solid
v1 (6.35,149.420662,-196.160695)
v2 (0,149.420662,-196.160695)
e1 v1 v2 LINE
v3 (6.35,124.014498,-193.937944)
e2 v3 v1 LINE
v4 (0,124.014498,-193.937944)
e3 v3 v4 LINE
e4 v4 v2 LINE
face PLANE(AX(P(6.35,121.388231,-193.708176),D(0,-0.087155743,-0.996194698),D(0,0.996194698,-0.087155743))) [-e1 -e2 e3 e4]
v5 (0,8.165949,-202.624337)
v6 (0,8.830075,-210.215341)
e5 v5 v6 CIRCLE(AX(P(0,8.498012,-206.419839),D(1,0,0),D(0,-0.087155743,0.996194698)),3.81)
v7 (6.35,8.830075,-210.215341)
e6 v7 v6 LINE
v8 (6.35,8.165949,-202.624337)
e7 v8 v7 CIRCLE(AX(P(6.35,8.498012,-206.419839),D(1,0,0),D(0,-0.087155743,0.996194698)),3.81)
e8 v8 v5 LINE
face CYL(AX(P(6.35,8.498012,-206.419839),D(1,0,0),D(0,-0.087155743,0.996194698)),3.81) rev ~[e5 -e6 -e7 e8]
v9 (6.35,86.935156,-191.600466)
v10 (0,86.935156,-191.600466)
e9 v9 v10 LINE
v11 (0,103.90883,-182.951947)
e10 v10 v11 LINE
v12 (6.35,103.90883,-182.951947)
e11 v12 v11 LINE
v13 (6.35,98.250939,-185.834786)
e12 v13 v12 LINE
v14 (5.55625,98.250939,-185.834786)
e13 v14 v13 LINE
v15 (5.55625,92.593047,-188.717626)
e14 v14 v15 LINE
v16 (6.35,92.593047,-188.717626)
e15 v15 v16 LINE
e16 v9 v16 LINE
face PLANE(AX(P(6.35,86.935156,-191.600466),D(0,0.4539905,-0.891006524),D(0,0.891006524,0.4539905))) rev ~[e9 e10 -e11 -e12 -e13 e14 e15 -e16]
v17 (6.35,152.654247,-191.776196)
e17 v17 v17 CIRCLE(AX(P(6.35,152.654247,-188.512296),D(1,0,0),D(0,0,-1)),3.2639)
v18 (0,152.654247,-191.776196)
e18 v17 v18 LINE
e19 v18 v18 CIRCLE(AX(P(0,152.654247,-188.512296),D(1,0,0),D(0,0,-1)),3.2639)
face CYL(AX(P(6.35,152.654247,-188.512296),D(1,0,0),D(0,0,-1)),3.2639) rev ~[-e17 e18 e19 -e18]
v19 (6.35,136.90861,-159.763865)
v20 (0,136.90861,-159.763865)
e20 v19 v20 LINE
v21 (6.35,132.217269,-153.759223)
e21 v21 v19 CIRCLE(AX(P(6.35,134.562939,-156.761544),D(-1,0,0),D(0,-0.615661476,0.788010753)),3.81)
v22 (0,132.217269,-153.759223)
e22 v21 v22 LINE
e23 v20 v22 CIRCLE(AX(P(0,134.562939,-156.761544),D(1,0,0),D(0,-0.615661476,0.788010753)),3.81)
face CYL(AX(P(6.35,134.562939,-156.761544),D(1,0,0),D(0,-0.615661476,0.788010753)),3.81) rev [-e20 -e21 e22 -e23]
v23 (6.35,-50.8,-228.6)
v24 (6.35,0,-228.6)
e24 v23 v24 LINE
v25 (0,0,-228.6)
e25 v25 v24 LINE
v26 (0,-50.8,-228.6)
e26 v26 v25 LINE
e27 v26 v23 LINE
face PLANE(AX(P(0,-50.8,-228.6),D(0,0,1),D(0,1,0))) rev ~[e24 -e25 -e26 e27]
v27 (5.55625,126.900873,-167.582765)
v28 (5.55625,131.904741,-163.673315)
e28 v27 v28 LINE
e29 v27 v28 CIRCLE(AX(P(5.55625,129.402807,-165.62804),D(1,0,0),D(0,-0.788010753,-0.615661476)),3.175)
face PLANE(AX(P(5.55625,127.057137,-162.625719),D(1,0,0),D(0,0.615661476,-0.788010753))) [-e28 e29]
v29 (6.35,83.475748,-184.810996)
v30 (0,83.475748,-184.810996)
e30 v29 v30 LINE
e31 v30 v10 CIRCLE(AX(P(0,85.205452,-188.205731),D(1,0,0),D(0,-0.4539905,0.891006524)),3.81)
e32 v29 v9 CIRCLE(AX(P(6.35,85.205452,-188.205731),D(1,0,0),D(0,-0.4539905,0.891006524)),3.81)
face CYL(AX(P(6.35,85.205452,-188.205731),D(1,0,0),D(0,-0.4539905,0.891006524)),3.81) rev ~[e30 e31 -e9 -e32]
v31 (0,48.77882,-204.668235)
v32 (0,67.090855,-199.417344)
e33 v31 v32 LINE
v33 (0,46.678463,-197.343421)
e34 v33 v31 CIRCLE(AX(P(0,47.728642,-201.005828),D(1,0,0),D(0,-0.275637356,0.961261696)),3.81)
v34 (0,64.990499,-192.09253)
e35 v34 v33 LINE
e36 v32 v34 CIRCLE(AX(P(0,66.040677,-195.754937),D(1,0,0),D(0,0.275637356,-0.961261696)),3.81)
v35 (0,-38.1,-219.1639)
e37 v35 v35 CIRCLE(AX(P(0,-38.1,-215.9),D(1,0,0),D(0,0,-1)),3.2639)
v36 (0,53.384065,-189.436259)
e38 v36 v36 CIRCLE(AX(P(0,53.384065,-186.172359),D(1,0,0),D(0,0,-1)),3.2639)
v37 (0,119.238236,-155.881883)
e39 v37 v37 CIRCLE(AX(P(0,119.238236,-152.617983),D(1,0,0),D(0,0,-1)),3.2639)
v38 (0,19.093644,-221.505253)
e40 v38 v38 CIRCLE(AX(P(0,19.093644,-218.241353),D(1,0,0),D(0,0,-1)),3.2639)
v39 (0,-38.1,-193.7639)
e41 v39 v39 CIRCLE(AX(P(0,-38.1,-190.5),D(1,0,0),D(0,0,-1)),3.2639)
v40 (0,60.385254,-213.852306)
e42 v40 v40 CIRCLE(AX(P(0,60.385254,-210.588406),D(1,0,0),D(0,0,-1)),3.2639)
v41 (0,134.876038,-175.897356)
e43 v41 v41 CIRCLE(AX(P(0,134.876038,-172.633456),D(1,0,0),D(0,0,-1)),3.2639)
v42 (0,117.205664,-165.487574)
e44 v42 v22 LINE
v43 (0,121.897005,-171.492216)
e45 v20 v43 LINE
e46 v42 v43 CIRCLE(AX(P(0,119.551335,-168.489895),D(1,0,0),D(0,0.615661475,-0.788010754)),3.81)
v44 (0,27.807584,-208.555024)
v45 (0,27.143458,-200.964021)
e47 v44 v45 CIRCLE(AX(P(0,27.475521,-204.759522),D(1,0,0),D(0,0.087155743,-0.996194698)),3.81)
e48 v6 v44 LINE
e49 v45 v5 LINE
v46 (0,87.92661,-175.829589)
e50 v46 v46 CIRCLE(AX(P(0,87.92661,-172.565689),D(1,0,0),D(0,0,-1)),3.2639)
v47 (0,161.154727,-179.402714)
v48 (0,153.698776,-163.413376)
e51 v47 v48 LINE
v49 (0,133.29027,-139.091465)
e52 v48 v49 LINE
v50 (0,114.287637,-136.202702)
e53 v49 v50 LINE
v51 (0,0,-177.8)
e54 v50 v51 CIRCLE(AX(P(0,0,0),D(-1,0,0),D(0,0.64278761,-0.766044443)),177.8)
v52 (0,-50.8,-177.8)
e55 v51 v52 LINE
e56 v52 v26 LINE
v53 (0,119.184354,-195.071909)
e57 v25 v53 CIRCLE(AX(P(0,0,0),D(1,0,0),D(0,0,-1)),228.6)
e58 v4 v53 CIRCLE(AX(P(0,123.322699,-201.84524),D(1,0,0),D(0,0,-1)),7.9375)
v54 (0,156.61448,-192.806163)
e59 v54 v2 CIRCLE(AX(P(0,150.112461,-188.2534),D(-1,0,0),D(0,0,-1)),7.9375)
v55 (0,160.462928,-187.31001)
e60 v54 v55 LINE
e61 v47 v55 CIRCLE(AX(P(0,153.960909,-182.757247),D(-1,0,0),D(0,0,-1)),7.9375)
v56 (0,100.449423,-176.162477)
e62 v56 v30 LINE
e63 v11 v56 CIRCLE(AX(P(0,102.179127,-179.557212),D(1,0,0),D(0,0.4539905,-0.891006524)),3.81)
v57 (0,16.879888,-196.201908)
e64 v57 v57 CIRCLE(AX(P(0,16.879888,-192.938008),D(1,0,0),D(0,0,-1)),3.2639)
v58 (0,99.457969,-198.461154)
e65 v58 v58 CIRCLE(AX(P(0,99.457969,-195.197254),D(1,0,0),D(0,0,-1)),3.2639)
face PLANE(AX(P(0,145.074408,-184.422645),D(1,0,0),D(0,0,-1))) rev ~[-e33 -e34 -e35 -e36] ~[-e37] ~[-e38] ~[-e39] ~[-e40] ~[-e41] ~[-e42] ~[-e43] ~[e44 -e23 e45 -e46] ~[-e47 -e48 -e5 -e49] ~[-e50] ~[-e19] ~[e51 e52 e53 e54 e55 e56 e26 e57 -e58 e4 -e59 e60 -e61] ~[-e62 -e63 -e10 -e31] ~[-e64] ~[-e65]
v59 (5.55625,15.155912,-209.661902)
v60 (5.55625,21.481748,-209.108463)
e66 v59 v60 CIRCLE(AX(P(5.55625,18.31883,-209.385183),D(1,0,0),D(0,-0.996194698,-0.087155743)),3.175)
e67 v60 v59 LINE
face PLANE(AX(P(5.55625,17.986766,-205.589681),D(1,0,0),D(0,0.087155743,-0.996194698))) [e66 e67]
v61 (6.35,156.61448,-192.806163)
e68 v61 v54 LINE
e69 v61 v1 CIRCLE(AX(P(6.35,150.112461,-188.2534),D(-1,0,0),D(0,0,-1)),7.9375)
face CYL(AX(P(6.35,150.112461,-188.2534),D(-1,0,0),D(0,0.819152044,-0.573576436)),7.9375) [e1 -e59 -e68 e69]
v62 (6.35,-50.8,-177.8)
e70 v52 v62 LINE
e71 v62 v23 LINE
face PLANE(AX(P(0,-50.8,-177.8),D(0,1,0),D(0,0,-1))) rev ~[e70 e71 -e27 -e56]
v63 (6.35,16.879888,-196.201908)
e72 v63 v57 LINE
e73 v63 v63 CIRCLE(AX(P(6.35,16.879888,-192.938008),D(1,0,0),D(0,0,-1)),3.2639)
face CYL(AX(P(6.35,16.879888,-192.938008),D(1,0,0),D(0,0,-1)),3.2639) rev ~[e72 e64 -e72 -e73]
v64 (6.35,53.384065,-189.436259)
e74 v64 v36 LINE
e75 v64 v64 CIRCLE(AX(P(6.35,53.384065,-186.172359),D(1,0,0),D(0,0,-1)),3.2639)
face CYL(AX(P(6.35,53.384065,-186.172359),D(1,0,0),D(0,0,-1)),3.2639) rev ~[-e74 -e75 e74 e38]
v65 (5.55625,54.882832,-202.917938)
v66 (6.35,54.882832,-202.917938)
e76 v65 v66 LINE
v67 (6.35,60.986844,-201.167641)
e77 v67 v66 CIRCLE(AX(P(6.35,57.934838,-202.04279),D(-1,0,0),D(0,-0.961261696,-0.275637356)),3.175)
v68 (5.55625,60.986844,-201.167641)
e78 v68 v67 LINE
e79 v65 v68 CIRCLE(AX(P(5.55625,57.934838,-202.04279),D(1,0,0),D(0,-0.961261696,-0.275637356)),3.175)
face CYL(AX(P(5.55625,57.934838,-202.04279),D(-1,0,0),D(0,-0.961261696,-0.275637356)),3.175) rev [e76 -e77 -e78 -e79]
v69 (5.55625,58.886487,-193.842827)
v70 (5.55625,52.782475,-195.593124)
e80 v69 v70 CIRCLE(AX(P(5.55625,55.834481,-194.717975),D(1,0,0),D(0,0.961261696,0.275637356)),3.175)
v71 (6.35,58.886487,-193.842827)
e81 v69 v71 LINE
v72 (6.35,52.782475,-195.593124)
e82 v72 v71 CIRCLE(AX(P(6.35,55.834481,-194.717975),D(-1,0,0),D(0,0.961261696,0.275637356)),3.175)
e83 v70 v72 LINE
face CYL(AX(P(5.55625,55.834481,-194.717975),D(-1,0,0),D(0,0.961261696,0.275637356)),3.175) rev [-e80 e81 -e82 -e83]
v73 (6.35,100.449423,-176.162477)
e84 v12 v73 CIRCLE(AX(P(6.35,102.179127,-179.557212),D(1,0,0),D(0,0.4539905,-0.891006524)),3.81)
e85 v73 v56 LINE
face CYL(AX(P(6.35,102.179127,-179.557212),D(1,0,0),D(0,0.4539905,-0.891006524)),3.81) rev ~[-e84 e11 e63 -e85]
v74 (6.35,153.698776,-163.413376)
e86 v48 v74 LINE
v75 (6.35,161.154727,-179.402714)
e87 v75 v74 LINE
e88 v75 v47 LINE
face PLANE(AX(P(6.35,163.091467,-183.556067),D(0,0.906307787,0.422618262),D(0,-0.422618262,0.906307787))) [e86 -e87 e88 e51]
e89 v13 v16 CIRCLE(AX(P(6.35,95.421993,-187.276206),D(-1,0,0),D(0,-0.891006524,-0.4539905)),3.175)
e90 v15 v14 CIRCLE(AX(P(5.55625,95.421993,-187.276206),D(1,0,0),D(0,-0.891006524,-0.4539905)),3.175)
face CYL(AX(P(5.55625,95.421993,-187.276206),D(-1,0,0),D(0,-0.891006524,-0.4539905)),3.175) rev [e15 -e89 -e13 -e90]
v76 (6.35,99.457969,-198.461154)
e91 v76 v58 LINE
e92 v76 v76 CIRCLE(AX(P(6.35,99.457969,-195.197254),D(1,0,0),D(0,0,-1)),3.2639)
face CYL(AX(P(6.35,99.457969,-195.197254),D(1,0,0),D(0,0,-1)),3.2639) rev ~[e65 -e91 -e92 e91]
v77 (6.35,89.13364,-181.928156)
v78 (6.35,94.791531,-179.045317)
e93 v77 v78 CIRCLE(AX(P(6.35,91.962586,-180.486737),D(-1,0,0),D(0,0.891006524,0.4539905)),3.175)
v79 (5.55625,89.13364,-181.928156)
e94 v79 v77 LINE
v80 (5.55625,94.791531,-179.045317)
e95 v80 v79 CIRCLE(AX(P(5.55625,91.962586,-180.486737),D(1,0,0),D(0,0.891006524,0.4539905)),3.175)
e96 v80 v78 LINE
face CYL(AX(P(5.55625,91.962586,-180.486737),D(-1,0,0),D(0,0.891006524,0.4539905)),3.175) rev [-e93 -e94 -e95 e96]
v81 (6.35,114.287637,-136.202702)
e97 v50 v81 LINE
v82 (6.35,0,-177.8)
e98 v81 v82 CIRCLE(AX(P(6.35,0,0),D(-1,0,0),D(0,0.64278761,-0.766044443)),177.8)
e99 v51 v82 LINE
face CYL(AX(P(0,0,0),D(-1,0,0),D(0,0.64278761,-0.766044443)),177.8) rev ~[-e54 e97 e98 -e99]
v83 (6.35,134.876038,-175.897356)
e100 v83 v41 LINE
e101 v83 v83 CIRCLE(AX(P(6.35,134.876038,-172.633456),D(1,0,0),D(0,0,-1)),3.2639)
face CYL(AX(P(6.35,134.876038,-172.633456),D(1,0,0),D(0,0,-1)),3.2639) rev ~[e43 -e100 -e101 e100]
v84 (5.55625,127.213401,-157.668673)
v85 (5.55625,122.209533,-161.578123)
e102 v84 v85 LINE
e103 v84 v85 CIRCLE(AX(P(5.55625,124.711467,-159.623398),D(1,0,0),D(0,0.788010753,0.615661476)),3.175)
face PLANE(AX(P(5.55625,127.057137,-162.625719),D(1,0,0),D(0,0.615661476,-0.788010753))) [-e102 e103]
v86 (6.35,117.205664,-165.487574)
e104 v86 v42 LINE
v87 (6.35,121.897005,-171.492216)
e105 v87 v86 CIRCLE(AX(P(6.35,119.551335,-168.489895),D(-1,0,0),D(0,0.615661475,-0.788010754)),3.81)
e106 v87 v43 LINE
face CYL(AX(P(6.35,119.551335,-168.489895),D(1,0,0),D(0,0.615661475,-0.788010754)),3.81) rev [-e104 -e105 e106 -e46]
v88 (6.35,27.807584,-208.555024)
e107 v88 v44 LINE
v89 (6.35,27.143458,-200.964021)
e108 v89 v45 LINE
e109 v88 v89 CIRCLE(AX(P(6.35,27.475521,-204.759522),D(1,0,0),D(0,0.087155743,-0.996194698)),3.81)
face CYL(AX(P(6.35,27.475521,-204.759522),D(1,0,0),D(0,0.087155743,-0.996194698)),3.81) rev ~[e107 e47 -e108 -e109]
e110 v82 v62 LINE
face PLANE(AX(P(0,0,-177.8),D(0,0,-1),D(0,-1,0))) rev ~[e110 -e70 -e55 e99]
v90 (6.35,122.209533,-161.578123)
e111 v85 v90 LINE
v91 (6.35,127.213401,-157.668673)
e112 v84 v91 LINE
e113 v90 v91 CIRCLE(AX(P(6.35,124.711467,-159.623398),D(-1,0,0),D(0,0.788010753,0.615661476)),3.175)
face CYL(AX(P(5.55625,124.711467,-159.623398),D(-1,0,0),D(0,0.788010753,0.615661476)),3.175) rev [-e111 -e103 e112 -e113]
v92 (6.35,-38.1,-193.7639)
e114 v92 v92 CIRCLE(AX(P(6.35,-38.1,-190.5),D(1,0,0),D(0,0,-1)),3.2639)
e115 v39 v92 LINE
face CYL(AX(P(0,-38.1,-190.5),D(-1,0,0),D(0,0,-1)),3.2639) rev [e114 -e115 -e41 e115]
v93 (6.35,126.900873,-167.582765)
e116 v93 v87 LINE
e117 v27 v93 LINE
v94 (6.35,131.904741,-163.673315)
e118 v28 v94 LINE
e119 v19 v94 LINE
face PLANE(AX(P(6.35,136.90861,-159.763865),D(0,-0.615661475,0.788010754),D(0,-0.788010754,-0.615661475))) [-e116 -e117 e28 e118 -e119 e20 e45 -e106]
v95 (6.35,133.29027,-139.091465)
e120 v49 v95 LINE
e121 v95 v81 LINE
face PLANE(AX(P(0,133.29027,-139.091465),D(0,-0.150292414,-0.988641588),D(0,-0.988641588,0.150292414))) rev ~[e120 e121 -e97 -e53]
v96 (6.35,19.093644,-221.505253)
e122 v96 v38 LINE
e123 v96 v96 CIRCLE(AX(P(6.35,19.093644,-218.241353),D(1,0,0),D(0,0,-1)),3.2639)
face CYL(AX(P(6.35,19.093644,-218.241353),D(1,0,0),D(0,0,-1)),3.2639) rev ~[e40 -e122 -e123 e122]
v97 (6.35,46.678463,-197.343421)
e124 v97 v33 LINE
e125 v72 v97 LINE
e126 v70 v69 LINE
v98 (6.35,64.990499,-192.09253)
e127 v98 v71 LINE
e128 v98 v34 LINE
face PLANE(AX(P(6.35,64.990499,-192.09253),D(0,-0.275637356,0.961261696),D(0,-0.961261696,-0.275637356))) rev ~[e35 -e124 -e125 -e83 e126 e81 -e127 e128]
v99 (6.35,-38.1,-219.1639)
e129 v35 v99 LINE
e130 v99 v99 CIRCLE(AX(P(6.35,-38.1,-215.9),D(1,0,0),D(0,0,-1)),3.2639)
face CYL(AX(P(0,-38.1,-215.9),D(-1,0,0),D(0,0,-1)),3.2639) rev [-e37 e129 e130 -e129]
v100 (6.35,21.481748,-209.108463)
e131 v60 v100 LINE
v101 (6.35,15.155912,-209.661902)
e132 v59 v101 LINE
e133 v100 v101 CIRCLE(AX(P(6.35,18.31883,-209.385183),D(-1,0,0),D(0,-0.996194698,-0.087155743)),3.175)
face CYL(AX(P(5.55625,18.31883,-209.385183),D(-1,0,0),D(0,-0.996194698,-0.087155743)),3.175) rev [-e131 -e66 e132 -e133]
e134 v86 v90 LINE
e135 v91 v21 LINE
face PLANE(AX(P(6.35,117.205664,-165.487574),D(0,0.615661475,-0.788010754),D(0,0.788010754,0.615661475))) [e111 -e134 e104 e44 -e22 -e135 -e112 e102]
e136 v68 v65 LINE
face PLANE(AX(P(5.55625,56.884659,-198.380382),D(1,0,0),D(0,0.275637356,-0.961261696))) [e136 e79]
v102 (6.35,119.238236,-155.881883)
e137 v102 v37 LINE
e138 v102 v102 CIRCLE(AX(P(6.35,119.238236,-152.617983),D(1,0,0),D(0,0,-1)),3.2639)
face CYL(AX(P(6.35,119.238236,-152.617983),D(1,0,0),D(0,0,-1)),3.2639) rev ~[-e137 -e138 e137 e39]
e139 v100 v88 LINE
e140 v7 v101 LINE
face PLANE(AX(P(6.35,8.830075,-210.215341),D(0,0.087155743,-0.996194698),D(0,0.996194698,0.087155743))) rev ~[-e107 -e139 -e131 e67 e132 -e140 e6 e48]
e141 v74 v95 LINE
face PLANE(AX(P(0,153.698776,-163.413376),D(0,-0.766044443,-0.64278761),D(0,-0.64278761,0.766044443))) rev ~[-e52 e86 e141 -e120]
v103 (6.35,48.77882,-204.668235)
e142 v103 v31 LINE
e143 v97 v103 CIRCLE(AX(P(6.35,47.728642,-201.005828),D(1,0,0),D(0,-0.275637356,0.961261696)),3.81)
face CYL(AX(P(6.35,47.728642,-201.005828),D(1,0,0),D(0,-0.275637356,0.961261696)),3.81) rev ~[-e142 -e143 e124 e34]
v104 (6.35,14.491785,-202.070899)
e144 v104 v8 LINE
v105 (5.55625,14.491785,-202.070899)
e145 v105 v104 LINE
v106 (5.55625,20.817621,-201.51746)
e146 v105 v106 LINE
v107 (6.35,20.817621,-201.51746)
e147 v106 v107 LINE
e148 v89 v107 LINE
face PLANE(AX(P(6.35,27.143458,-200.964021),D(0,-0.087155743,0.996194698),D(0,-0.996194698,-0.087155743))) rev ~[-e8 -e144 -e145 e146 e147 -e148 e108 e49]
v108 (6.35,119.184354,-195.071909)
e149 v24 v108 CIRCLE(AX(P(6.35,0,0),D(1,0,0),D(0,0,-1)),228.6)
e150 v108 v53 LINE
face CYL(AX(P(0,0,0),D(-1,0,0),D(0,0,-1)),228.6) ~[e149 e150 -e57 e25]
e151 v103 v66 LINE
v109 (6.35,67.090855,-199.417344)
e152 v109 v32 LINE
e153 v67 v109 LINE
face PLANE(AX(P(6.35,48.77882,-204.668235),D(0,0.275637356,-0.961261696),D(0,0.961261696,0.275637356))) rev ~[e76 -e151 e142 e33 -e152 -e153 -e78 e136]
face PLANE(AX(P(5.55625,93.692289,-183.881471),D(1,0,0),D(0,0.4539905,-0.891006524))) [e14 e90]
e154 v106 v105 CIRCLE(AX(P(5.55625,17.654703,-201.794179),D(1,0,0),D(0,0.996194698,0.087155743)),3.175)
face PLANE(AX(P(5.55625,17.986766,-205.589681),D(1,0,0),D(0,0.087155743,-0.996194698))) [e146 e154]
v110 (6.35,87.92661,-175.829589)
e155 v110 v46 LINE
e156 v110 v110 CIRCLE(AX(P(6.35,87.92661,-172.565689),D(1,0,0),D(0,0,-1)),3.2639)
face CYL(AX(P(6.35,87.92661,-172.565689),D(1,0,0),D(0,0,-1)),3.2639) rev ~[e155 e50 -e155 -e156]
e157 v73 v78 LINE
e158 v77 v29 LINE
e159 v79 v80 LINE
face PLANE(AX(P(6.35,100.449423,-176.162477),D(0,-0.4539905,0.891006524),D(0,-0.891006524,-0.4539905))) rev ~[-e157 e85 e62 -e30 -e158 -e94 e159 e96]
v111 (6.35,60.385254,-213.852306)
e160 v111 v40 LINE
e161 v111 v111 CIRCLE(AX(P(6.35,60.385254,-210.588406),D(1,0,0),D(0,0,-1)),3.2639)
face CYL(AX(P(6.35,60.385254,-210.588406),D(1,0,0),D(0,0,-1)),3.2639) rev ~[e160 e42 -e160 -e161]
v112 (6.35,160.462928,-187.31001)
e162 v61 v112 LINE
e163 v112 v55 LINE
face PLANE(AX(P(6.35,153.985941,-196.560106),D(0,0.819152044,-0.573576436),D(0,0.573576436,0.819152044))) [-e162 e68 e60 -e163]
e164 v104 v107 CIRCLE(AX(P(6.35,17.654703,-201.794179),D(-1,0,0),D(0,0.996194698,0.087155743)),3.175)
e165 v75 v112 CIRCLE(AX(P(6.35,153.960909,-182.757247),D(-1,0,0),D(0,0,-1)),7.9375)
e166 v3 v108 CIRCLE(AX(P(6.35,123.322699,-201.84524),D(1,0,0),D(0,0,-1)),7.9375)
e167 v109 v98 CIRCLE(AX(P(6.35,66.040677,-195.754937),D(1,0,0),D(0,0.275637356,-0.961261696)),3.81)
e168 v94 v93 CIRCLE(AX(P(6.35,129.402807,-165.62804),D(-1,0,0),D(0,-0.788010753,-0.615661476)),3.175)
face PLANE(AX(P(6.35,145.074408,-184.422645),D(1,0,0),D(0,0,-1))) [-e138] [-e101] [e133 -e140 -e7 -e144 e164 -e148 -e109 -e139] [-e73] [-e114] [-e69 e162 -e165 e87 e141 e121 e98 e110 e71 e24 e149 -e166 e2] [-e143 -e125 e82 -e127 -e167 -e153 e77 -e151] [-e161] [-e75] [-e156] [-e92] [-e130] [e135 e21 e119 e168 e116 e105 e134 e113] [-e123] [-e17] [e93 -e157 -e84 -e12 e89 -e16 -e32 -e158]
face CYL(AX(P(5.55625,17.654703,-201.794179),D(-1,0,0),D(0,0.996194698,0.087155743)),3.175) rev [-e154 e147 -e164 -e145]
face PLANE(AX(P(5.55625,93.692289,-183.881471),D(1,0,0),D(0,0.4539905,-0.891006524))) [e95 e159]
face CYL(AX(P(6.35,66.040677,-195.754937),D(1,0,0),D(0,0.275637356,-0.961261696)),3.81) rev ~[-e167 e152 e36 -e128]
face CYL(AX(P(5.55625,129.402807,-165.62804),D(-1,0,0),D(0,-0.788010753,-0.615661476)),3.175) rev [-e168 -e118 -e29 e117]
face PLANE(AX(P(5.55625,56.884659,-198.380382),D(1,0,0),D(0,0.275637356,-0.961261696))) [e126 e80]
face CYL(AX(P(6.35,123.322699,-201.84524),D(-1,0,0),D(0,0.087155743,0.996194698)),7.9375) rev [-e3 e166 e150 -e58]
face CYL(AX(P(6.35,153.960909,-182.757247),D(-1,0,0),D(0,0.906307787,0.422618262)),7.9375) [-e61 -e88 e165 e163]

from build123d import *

# Parameters (mm, degrees)
SKETCH1_R               = 3.2639
BOSS_EXTRUDE1_DEPTH     = 6.35
SKETCH6_R               = 3.2639
CUT_EXTRUDE1_DEPTH      = 7.35
CUT_EXTRUDE2_START      = -0.79375
CUT_EXTRUDE2_DEPTH      = 10.82675
CIRPATTERN1_COUNT       = 4
CIRPATTERN1_ANGLE       = 33
BOSS_EXTRUDE2_DEPTH     = 6.35
SKETCH9_R               = 3.2639
CUT_EXTRUDE3_DEPTH      = 1
CUT_EXTRUDE3_DEPTH_BACK = 7.35
FILLET2_R               = 7.9375


with BuildPart() as part:
    # Sketch1 → Boss-Extrude1 (new body)
    with BuildSketch(Plane(origin=(0, 0, 0), x_dir=(0, 0, -1), z_dir=(1, 0, 0))):
        with BuildLine():
            Line((177.8, 0), (177.8, -50.8))
            Line((177.8, -50.8), (228.6, -50.8))
            Line((228.6, -50.8), (228.6, 0))
            ThreePointArc((228.6, 0), (214.813733112, 78.185804764), (175.117759697, 146.941247574))
            Line((175.117759697, 146.941247574), (163.413376386, 153.69877643))
            Line((163.413376386, 153.69877643), (139.091465317, 133.290269822))
            Line((139.091465317, 133.290269822), (136.202701987, 114.287637002))
            ThreePointArc((136.202701987, 114.287637002), (167.077347976, 60.811181483), (177.8, 0))
        make_face()
        with Locations((190.5, -38.1)):
            Circle(SKETCH1_R, mode=Mode.SUBTRACT)
        with Locations((215.9, -38.1)):
            Circle(SKETCH1_R, mode=Mode.SUBTRACT)
    extrude(amount=BOSS_EXTRUDE1_DEPTH)

    # Sketch6 → Cut-Extrude1 (cut, through all)
    with BuildSketch(Plane(origin=(6.35, 0, 0), x_dir=(0, 0, -1), z_dir=(1, 0, 0))):
        with Locations((192.938008153, 16.879888477)):
            Circle(SKETCH6_R)
        with Locations((218.241353484, 19.093644342)):
            Circle(SKETCH6_R)
        with Locations((186.172358961, 53.384064888)):
            Circle(SKETCH6_R)
        with Locations((210.588406038, 60.385253726)):
            Circle(SKETCH6_R)
        with Locations((172.565688572, 87.926610037)):
            Circle(SKETCH6_R)
        with Locations((195.197254287, 99.45796873)):
            Circle(SKETCH6_R)
        with Locations((152.617982705, 119.238236234)):
            Circle(SKETCH6_R)
        with Locations((172.633455846, 134.876037707)):
            Circle(SKETCH6_R)
        with BuildLine():
            Line((192.092529624, 64.990498635), (197.343421252, 46.678463327))
            ThreePointArc((197.343421252, 46.678463327), (202.056006639, 44.066234591), (204.668235375, 48.778819979))
            Line((204.668235375, 48.778819979), (199.417343747, 67.090855286))
            ThreePointArc((199.417343747, 67.090855286), (194.704758359, 69.703084022), (192.092529624, 64.990498635))
        make_face()
        with BuildLine():
            Line((176.162477062, 100.449422723), (184.810996082, 83.475748437))
            ThreePointArc((184.810996082, 83.475748437), (189.935434743, 81.810717384), (191.600465797, 86.935156045))
            Line((191.600465797, 86.935156045), (182.951946777, 103.908830331))
            ThreePointArc((182.951946777, 103.908830331), (177.827508115, 105.573861384), (176.162477062, 100.449422723))
        make_face()
        with BuildLine():
            Line((200.964020569, 27.143457529), (202.624337469, 8.16594853))
            ThreePointArc((202.624337469, 8.16594853), (206.751902648, 4.70251011), (210.215341068, 8.83007529))
            Line((210.215341068, 8.83007529), (208.555024169, 27.807584289))
            ThreePointArc((208.555024169, 27.807584289), (204.427458989, 31.271022709), (200.964020569, 27.143457529))
        make_face()
        with BuildLine():
            Line((159.763864694, 136.908609619), (171.492215799, 121.897004763))
            ThreePointArc((171.492215799, 121.897004763), (170.835565049, 116.549013571), (165.487573857, 117.205664321))
            Line((165.487573857, 117.205664321), (153.759222752, 132.217269177))
            ThreePointArc((153.759222752, 132.217269177), (154.415873502, 137.56526037), (159.763864694, 136.908609619))
        make_face()
    extrude(amount=-CUT_EXTRUDE1_DEPTH, mode=Mode.SUBTRACT)

    # Sketch8 → Cut-Extrude2 (cut)
    with BuildSketch(Plane(origin=(6.35, 15.551634957, -177.756000954), x_dir=(0, 0.087155743, -0.996194698), z_dir=(1, 0, 0)).offset(CUT_EXTRUDE2_START)):
        with BuildLine():
            Line((31.75, 3.175), (24.13, 3.175))
            ThreePointArc((24.13, 3.175), (20.955, 0), (24.13, -3.175))
            Line((24.13, -3.175), (31.75, -3.175))
            ThreePointArc((31.75, -3.175), (34.925, 0), (31.75, 3.175))
        make_face()
    cut_extrude2 = extrude(amount=CUT_EXTRUDE2_DEPTH, mode=Mode.SUBTRACT)

    # CirPattern1: Cut-Extrude2 ×4 about axis
    cirpattern1_axis = Axis((0, 0, 0), (1, 0, 0))
    for i in range(1, CIRPATTERN1_COUNT):
        add(cut_extrude2.rotate(cirpattern1_axis, i * CIRPATTERN1_ANGLE / (CIRPATTERN1_COUNT - 1)), mode=Mode.SUBTRACT)

    # Sketch11 → Boss-Extrude2 (add)
    with BuildSketch(Plane(origin=(6.35, 0, 0), x_dir=(0, 0, -1), z_dir=(1, 0, 0))):
        with BuildLine():
            Line((183.556066953, 163.091467297), (163.413376386, 153.69877643))
            Line((163.413376386, 153.69877643), (175.117759697, 146.941247574))
            ThreePointArc((175.117759697, 146.941247574), (184.855029121, 134.486349525), (193.708175574, 121.388231372))
            Line((193.708175574, 121.388231372), (196.560105656, 153.98594137))
            Line((196.560105656, 153.98594137), (183.556066953, 163.091467297))
        make_face()
    extrude(amount=-BOSS_EXTRUDE2_DEPTH)

    # Sketch9 → Cut-Extrude3 (cut, two sides)
    with BuildSketch(Plane(origin=(6.35, 0, 0), x_dir=(0, 0, -1), z_dir=(1, 0, 0))) as cut_extrude3_sk:
        with Locations((188.512295871, 152.654247257)):
            Circle(SKETCH9_R)
    extrude(amount=CUT_EXTRUDE3_DEPTH, mode=Mode.SUBTRACT)
    extrude(cut_extrude3_sk.sketch, amount=-CUT_EXTRUDE3_DEPTH_BACK, mode=Mode.SUBTRACT)

    # Fillet2
    fillet2_edges = [part.edges().sort_by_distance(p)[0] for p in [
        (3.175, 153.98594137, -196.560105656),
        (3.175, 121.388231372, -193.708175574),
        (3.175, 163.091467297, -183.556066953),
    ]]
    fillet(fillet2_edges, radius=FILLET2_R)


solid = part.part
